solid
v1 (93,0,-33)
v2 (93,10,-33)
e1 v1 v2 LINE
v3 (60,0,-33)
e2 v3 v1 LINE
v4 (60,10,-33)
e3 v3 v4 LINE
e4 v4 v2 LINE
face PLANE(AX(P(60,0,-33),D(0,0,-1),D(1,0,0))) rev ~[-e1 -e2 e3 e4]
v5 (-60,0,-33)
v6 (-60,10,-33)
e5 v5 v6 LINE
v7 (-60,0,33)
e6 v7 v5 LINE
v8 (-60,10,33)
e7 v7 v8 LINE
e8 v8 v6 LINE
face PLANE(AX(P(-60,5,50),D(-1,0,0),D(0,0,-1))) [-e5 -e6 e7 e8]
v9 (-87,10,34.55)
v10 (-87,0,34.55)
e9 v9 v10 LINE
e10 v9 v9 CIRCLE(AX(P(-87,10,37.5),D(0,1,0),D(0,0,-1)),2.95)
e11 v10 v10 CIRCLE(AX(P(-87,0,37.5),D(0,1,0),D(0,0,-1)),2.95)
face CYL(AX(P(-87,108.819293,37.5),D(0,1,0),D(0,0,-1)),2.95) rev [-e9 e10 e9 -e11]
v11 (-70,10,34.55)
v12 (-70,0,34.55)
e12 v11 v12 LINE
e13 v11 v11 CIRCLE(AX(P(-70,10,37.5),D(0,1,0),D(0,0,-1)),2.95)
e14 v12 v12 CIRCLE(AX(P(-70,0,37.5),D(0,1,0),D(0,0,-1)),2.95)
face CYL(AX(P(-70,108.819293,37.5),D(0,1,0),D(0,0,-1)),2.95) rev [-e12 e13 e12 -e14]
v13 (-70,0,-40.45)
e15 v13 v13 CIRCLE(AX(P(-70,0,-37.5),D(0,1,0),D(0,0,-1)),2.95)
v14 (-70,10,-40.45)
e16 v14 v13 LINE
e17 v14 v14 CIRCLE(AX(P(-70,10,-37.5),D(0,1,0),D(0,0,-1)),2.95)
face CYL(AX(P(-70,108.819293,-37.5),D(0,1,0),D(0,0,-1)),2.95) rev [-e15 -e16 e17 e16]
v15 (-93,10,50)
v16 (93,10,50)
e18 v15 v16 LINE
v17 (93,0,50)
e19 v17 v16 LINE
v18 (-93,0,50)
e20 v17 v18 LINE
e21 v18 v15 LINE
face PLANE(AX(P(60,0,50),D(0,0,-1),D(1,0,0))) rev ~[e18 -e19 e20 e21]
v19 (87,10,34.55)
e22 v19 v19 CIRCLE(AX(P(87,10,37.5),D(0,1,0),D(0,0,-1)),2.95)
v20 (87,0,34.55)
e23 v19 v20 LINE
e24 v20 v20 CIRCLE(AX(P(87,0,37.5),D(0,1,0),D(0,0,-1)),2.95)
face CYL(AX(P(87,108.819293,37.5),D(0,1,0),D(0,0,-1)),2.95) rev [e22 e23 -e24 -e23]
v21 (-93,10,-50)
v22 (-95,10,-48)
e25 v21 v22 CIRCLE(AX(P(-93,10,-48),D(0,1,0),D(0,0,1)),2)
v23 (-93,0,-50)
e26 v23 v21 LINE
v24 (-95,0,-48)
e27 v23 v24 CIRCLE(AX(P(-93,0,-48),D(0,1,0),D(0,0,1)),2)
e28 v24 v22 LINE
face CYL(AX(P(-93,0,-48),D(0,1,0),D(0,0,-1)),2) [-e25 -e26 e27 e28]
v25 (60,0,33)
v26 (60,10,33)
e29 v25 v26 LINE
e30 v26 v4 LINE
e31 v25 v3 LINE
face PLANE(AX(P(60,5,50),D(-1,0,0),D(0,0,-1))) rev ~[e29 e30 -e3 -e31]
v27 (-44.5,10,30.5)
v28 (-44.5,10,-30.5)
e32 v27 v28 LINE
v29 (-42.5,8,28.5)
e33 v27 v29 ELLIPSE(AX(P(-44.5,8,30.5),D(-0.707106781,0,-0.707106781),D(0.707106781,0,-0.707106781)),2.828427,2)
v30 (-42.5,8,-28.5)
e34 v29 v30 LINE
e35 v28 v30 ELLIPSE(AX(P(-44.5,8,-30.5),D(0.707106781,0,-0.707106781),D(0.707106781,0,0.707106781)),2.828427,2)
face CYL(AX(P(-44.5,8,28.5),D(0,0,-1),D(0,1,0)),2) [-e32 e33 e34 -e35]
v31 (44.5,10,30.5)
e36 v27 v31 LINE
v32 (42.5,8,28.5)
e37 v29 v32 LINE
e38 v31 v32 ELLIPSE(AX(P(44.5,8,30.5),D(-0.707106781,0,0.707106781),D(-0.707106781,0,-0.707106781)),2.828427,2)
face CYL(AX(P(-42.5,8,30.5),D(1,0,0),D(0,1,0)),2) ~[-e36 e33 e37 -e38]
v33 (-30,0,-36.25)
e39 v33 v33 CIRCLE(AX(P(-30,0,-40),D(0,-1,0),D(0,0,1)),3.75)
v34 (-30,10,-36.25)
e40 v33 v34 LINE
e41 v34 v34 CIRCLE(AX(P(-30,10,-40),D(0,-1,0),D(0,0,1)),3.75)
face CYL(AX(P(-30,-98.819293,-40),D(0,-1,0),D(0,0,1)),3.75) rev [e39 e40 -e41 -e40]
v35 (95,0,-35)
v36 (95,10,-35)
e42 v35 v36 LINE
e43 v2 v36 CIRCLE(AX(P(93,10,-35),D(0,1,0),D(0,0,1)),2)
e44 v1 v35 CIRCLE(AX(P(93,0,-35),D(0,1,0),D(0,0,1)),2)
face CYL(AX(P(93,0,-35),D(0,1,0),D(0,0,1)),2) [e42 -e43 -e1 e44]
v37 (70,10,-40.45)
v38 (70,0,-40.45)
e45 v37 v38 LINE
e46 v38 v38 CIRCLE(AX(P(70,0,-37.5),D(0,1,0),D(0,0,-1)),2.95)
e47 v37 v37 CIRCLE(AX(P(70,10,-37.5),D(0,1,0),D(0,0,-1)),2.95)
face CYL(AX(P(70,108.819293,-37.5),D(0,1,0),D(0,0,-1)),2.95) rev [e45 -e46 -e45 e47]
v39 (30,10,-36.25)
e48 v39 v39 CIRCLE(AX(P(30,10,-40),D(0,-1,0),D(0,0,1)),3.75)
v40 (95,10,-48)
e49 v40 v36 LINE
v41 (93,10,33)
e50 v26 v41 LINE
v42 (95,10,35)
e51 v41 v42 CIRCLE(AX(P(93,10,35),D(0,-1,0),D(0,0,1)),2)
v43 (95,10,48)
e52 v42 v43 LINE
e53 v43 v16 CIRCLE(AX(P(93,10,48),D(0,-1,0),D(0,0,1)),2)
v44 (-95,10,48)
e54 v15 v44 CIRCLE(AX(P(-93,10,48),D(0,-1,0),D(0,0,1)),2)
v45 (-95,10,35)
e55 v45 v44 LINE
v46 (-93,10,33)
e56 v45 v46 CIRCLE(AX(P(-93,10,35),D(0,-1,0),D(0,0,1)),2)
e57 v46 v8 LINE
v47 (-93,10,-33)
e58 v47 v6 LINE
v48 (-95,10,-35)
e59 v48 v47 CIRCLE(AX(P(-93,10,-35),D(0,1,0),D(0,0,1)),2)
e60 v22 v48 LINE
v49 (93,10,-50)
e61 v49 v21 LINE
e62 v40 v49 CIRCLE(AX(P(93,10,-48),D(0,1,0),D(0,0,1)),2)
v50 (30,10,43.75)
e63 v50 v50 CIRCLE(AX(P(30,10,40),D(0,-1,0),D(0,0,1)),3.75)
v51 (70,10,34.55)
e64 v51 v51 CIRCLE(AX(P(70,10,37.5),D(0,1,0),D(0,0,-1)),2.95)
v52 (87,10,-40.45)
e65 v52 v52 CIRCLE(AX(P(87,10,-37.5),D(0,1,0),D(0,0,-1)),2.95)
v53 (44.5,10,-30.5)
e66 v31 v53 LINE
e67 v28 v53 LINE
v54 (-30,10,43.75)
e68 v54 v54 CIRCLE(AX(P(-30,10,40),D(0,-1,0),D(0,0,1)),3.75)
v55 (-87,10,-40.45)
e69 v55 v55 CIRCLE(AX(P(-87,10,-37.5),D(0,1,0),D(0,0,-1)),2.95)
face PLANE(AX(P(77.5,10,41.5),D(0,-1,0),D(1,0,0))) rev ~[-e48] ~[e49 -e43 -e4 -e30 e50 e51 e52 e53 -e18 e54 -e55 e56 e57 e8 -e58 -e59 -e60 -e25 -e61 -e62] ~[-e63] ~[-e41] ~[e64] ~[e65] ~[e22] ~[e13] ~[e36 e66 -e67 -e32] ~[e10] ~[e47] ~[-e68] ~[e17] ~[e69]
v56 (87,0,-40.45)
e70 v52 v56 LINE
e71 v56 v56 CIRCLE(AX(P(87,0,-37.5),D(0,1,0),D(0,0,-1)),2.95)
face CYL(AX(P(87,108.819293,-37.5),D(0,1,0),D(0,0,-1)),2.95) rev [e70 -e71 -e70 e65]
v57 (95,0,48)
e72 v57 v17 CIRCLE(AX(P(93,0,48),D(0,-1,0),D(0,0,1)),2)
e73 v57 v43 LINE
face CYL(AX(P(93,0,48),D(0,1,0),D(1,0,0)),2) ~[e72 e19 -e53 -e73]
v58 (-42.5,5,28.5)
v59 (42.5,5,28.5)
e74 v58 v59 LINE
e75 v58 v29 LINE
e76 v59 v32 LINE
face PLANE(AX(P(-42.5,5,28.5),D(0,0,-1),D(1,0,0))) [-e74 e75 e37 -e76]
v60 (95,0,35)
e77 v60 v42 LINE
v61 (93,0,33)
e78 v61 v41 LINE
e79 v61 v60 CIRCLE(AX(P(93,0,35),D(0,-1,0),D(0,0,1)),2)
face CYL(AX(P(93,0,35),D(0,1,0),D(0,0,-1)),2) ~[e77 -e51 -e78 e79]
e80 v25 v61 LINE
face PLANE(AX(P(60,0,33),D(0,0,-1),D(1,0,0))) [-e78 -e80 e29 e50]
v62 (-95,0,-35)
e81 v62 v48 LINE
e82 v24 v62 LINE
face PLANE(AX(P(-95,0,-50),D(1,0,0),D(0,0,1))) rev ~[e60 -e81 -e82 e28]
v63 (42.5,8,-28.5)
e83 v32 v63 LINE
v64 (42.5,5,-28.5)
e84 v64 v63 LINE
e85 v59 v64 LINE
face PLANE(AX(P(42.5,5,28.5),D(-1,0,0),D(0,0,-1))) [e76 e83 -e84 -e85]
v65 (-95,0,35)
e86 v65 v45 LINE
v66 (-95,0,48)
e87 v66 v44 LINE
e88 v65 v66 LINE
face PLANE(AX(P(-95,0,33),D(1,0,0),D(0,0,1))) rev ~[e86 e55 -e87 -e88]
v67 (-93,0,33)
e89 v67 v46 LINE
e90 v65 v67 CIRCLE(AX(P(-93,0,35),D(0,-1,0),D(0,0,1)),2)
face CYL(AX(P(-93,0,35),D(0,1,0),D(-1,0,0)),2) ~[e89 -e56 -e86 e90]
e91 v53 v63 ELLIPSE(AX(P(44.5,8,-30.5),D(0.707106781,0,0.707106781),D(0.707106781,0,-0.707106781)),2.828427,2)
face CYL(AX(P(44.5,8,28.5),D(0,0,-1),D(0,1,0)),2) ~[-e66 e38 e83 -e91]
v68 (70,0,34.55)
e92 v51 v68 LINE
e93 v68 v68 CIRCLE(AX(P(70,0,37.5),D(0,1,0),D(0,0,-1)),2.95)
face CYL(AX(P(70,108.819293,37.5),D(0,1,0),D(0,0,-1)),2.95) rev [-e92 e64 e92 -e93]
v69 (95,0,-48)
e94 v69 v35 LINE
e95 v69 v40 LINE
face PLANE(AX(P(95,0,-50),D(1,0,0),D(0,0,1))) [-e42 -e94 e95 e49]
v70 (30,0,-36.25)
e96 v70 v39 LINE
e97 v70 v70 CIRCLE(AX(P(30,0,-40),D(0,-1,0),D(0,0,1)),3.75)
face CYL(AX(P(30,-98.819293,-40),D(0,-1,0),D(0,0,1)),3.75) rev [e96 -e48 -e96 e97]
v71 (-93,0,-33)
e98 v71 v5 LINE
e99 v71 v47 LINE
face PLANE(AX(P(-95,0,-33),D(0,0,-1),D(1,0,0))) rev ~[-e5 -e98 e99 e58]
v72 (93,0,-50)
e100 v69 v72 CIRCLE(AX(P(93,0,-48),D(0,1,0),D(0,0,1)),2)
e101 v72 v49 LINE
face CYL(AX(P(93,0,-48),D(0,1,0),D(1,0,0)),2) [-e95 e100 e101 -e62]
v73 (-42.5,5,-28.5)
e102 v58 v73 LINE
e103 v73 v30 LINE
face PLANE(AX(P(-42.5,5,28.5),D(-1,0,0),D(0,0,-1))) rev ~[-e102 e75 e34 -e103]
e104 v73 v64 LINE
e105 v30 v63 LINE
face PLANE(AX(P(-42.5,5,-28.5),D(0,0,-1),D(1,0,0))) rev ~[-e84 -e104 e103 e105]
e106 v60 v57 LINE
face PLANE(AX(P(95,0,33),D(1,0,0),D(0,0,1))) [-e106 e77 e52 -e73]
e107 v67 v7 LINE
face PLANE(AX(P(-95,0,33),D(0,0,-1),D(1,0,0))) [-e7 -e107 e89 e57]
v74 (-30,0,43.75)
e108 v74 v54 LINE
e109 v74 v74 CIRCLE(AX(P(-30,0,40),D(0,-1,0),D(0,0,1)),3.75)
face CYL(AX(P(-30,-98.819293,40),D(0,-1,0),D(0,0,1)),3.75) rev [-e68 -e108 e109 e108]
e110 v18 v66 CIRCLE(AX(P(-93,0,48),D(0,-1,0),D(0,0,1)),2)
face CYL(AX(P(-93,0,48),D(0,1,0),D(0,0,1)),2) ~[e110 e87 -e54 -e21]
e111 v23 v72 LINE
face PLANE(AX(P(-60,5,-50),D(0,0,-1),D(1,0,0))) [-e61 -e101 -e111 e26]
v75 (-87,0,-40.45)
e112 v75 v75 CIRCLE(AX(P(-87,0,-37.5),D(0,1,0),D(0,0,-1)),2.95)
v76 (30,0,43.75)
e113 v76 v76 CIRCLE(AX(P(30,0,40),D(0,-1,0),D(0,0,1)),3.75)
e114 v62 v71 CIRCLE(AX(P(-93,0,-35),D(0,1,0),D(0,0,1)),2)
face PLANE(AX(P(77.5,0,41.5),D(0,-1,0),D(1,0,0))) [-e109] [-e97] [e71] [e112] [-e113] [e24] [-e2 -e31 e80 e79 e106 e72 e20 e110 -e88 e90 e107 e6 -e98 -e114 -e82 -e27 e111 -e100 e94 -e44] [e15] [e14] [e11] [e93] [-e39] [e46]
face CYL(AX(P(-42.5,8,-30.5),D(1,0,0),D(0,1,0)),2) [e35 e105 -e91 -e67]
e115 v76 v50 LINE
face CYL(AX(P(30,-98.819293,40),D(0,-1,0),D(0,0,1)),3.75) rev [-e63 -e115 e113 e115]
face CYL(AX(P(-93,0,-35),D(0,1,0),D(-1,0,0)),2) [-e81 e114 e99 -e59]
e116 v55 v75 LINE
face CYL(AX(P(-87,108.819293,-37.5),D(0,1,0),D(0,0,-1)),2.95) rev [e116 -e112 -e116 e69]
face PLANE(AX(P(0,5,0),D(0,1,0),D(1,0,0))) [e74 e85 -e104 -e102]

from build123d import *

# Parameters (mm, degrees)
SKETCH1_W               = 120
SKETCH1_H               = 100
BOSS_EXTRUDE1_DEPTH     = 5
SKETCH2_W               = 120
SKETCH2_H               = 100
SKETCH2_W_2             = 85
SKETCH2_H_2             = 57
BOSS_EXTRUDE2_DEPTH     = 5
SKETCH3_W               = 35
SKETCH3_H               = 17
BOSS_EXTRUDE3_DEPTH     = 10
CUT_EXTRUDE1_DEPTH      = 108.819293264
CUT_EXTRUDE1_DEPTH_BACK = 108.819293264
SKETCH4_R               = 2.95
FILLET1_R               = 2
CUT_EXTRUDE2_DEPTH      = 108.819293264
CUT_EXTRUDE2_DEPTH_BACK = 108.819293264
SKETCH5_R               = 3.75


with BuildPart() as part:
    # Sketch1 → Boss-Extrude1 (new body)
    with BuildSketch(Plane(origin=(0, 0, 0), x_dir=(1, 0, 0), z_dir=(0, 1, 0))):
        Rectangle(SKETCH1_W, SKETCH1_H)
    extrude(amount=BOSS_EXTRUDE1_DEPTH)

    # Sketch2 → Boss-Extrude2 (add)
    with BuildSketch(Plane(origin=(0, 5, 0), x_dir=(1, 0, 0), z_dir=(0, 1, 0))):
        Rectangle(SKETCH2_W, SKETCH2_H)
        Rectangle(SKETCH2_W_2, SKETCH2_H_2, mode=Mode.SUBTRACT)
    extrude(amount=BOSS_EXTRUDE2_DEPTH)

    # Sketch3 → Boss-Extrude3 (add)
    with BuildSketch(Plane.XZ):
        with Locations((77.5, 41.5)):
            Rectangle(SKETCH3_W, SKETCH3_H)
        with Locations((77.5, -41.5)):
            Rectangle(SKETCH3_W, SKETCH3_H)
        with Locations((-77.5, -41.5)):
            Rectangle(SKETCH3_W, SKETCH3_H)
        with Locations((-77.5, 41.5)):
            Rectangle(SKETCH3_W, SKETCH3_H)
    extrude(amount=-BOSS_EXTRUDE3_DEPTH)

    # Sketch4 → Cut-Extrude1 (cut, two sides: drawn at the far end of the back side and taken through both)
    with BuildSketch(Plane.XZ.offset(-CUT_EXTRUDE1_DEPTH_BACK)):
        with Locations(Location((70, 37.5, 0), (0, 0, 270))):
            Circle(SKETCH4_R)
        with Locations(Location((87, 37.5, 0), (0, 0, 270))):
            Circle(SKETCH4_R)
        with Locations(Location((70, -37.5, 0), (0, 0, 270))):
            Circle(SKETCH4_R)
        with Locations(Location((87, -37.5, 0), (0, 0, 270))):
            Circle(SKETCH4_R)
        with Locations(Location((-87, -37.5, 0), (0, 0, 270))):
            Circle(SKETCH4_R)
        with Locations(Location((-70, -37.5, 0), (0, 0, 270))):
            Circle(SKETCH4_R)
        with Locations(Location((-87, 37.5, 0), (0, 0, 270))):
            Circle(SKETCH4_R)
        with Locations(Location((-70, 37.5, 0), (0, 0, 270))):
            Circle(SKETCH4_R)
    extrude(amount=CUT_EXTRUDE1_DEPTH + CUT_EXTRUDE1_DEPTH_BACK, mode=Mode.SUBTRACT)

    # Fillet1
    fillet1_edges = [part.edges().sort_by_distance(p)[0] for p in [
        (42.5, 10, 0),
        (0, 10, -28.5),
        (-42.5, 10, 0),
        (0, 10, 28.5),
        (95, 5, 50),
        (95, 5, 33),
        (95, 5, -33),
        (95, 5, -50),
        (-95, 5, -50),
        (-95, 5, -33),
        (-95, 5, 50),
        (-95, 5, 33),
    ]]
    fillet(fillet1_edges, radius=FILLET1_R)

    # Sketch5 → Cut-Extrude2 (cut, two sides: drawn at the far end of the back side and taken through both)
    with BuildSketch(Plane(origin=(0, 10, 0), x_dir=(1, 0, 0), z_dir=(0, 1, 0)).offset(-CUT_EXTRUDE2_DEPTH_BACK)):
        with Locations(Location((-30, 40, 0), (0, 0, 270))):
            Circle(SKETCH5_R)
        with Locations(Location((30, 40, 0), (0, 0, 270))):
            Circle(SKETCH5_R)
        with Locations(Location((-30, -40, 0), (0, 0, 270))):
            Circle(SKETCH5_R)
        with Locations(Location((30, -40, 0), (0, 0, 270))):
            Circle(SKETCH5_R)
    extrude(amount=CUT_EXTRUDE2_DEPTH + CUT_EXTRUDE2_DEPTH_BACK, mode=Mode.SUBTRACT)


solid = part.part
